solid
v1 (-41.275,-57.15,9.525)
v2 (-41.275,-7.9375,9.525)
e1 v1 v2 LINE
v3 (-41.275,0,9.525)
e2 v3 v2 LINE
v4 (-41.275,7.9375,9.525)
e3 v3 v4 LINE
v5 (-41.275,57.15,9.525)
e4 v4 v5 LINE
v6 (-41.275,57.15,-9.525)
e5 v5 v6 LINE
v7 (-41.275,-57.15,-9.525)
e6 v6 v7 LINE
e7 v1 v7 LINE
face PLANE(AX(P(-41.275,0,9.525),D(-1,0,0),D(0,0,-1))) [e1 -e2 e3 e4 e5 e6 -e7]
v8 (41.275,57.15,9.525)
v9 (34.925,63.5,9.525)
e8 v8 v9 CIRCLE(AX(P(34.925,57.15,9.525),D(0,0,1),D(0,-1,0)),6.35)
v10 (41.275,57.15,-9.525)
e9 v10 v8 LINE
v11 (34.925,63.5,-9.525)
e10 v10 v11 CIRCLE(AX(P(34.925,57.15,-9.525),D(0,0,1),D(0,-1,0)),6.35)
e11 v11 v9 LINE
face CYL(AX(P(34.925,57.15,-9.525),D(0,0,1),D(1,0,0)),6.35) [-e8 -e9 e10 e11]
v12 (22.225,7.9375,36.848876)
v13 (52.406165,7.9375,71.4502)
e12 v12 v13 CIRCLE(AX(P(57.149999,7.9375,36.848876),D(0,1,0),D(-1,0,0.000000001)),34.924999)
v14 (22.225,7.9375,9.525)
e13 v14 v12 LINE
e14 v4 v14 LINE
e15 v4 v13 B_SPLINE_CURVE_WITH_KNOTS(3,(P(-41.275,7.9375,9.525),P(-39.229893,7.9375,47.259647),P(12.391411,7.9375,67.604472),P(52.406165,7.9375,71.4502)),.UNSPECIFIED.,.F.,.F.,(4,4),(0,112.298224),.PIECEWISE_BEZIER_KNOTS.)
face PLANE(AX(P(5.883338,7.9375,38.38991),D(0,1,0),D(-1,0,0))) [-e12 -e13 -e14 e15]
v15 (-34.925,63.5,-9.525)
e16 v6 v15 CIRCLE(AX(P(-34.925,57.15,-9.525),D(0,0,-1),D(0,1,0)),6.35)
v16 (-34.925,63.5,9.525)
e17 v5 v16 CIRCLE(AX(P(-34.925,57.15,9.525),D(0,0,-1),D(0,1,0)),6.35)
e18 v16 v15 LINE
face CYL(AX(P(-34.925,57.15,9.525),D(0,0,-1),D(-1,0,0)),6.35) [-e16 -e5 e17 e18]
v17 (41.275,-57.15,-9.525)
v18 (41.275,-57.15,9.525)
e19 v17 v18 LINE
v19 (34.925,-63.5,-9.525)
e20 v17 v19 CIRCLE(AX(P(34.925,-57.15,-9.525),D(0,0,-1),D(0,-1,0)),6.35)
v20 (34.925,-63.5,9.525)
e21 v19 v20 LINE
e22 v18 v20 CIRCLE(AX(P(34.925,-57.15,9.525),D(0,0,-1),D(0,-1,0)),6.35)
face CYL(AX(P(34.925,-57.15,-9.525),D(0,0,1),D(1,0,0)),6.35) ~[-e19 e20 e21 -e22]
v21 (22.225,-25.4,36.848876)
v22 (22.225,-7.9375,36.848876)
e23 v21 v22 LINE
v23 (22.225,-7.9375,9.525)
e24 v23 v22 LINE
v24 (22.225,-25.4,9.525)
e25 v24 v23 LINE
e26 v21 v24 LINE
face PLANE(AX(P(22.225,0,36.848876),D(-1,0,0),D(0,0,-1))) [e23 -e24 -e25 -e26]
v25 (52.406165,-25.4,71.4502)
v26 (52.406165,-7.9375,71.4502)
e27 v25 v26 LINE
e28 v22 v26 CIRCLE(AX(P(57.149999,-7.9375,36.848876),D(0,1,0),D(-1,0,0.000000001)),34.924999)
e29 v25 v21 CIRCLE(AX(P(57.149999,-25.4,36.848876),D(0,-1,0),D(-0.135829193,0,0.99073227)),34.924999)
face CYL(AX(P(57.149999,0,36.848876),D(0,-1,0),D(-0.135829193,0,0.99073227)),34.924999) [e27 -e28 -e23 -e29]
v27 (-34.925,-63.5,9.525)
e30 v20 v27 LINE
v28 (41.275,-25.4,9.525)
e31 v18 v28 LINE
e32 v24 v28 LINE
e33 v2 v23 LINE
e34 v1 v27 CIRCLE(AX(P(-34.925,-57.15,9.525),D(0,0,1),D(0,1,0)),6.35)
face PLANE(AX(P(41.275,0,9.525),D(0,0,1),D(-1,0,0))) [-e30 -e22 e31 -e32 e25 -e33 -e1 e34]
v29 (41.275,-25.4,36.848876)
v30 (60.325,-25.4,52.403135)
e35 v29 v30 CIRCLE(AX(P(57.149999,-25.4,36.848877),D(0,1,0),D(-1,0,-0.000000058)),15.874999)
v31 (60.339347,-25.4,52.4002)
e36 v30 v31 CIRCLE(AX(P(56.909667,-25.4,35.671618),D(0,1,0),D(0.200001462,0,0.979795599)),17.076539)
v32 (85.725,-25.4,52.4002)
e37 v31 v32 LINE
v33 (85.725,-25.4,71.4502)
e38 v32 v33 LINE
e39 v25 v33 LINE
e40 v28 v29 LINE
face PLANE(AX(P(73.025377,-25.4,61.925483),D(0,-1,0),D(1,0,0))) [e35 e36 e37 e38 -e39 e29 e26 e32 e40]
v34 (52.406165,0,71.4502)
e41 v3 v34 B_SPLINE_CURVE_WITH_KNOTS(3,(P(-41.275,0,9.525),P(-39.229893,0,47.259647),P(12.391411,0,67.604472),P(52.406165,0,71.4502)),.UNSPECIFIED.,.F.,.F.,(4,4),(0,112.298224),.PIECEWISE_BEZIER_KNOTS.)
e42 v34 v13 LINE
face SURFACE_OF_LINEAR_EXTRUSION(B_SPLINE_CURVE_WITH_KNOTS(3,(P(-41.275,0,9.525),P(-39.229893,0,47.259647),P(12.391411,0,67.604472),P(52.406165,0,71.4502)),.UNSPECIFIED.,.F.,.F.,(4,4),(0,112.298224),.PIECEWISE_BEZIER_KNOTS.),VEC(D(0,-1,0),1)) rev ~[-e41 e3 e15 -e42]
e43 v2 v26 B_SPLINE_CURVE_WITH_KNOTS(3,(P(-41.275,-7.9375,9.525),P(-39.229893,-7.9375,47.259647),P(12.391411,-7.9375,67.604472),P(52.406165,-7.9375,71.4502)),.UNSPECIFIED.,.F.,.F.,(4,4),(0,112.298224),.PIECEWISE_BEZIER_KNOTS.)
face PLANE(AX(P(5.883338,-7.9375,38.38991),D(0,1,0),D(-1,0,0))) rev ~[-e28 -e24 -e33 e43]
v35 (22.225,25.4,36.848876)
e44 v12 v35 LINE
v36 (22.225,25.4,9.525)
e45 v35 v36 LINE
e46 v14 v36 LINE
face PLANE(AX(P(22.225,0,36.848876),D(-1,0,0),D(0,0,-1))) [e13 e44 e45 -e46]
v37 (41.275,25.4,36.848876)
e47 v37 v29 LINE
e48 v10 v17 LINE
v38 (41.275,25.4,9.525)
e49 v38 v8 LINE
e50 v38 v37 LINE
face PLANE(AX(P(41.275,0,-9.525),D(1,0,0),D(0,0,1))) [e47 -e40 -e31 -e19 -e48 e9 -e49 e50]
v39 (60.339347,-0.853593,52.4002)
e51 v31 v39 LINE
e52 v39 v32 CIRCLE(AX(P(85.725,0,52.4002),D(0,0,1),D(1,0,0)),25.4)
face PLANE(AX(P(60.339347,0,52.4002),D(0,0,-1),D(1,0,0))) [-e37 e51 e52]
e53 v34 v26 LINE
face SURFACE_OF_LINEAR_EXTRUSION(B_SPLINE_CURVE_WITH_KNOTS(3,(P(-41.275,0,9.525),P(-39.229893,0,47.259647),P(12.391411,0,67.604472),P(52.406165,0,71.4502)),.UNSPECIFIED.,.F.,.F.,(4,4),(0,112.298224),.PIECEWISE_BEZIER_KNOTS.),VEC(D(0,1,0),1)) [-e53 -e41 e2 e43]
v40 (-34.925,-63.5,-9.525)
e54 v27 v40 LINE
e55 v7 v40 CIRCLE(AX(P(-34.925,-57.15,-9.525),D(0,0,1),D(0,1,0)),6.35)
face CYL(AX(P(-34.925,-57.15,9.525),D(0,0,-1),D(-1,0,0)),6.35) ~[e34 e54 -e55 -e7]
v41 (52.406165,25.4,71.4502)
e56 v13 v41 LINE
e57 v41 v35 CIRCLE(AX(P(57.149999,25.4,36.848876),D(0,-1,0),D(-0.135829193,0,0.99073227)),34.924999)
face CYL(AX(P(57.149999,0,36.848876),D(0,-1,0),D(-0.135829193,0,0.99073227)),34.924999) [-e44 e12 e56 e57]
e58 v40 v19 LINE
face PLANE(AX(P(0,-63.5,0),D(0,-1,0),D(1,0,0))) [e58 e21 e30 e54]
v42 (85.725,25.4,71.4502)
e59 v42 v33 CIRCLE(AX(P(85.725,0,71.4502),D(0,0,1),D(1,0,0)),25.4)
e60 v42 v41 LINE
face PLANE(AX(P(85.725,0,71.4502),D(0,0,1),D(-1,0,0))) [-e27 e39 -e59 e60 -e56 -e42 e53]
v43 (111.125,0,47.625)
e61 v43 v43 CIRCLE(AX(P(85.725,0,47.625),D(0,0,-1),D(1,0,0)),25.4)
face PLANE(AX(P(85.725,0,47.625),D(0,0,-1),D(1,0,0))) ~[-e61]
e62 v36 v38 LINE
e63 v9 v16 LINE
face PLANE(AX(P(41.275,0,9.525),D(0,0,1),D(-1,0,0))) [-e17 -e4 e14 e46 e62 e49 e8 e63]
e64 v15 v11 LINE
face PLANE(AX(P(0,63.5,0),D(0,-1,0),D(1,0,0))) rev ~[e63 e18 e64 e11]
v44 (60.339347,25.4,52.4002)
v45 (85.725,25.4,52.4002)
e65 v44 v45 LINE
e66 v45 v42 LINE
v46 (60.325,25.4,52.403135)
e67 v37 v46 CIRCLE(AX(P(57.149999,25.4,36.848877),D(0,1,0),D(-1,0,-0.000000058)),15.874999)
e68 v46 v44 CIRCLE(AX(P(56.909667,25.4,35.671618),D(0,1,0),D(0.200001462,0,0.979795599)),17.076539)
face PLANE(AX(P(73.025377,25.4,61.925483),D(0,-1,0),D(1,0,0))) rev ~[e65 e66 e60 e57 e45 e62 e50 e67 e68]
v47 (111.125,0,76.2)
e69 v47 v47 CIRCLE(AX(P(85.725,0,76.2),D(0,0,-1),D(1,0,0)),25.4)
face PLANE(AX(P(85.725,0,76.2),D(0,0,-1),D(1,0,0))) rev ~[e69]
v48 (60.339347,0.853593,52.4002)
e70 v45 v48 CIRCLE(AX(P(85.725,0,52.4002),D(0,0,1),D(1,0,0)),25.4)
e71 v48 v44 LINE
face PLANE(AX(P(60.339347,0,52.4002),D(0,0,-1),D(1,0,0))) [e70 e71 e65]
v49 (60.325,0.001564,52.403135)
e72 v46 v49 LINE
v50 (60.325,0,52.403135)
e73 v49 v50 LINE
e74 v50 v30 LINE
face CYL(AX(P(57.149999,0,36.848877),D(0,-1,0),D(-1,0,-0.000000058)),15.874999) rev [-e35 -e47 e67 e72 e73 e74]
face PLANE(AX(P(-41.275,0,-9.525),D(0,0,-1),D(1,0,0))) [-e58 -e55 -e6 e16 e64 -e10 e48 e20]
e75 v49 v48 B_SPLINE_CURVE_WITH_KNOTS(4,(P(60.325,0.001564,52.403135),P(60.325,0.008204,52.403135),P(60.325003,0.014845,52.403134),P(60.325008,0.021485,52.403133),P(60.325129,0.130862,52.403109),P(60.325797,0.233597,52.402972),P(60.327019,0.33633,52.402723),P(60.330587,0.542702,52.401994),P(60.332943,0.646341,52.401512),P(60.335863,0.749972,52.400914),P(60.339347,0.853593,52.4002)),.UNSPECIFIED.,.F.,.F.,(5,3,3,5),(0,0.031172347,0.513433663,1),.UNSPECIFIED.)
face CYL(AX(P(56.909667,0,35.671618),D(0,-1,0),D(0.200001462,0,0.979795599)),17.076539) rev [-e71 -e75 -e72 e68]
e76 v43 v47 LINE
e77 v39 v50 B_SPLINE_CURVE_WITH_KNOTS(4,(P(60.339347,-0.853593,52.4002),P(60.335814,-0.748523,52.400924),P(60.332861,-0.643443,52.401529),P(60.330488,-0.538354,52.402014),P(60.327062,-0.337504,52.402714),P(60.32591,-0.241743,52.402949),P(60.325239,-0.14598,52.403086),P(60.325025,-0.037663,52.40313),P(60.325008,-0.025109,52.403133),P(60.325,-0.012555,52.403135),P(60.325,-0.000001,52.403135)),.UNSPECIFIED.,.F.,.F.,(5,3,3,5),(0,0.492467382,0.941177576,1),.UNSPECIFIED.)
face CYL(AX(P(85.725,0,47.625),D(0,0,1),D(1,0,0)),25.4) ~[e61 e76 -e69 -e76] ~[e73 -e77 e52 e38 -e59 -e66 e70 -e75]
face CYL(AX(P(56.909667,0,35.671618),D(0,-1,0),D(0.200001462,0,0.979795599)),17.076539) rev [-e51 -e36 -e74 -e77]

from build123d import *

# Parameters (mm, degrees)
F1_DEPTH = 63.5
F2_DEPTH = 25.4
F3_DEPTH = 7.9375
F4_DEPTH = 25.4
F6_R     = 6.35


with BuildPart() as f1:
    # F0 (on Front) → F1 (new body, symmetric)
    with BuildSketch(Plane.XZ):
        Polygon((-41.275, 9.525), (-41.275, -9.525), (41.275, -9.525), (41.275, 9.525), (22.225, 9.525), align=None)
    extrude(amount=F1_DEPTH, both=True)

    # F0 (on Front) → F2 (join, symmetric)
    with BuildSketch(Plane.XZ):
        with BuildLine():
            Line((22.225, 9.525), (41.275, 9.525))
            Line((41.275, 9.525), (41.275, 36.848876))
            ThreePointArc((41.275, 36.848876), (47.109768, 49.145598), (60.325, 52.403135))
            Line((60.325, 52.403135), (60.325, 71.4502))
            Line((60.325, 71.4502), (52.406165, 71.4502))
            ThreePointArc((52.406165, 71.4502), (30.830482, 59.806197), (22.225, 36.848876))
            Line((22.225, 36.848876), (22.225, 9.525))
        make_face()
    extrude(amount=F2_DEPTH, both=True)

    # F0 (on Front) → F3 (join, symmetric)
    with BuildSketch(Plane.XZ):
        with BuildLine():
            add(Edge.make_bspline(
                [(-41.275, 9.525), (-39.229893, 47.259647), (12.391411, 67.604472), (52.406165, 71.4502)],
                knots=[0, 0, 0, 0, 112.298224, 112.298224, 112.298224, 112.298224], degree=3))
            Line((-41.275, 9.525), (22.225, 9.525))
            Line((22.225, 9.525), (22.225, 36.848876))
            ThreePointArc((22.225, 36.848876), (30.830482, 59.806197), (52.406165, 71.4502))
        make_face()
    extrude(amount=F3_DEPTH, both=True)

    # F0 (on Front) → F4 (join, symmetric)
    with BuildSketch(Plane.XZ):
        with BuildLine():
            Line((85.725, 71.4502), (60.325, 71.4502))
            Line((60.325, 71.4502), (60.325, 52.403135))
            ThreePointArc((60.325, 52.403135), (60.332174, 52.401669), (60.339347, 52.4002))
            Line((60.339347, 52.4002), (85.725, 52.4002))
            Line((85.725, 52.4002), (85.725, 71.4502))
        make_face()
    extrude(amount=F4_DEPTH, both=True)

    # F0 (on Front) → F5 (revolve)
    with BuildSketch(Plane.XZ):
        Polygon((85.725, 76.2), (85.725, 71.4502), (85.725, 52.4002), (85.725, 47.625), (111.125, 47.625), (111.125, 76.2), align=None)
    revolve(axis=Axis((85.725, 0, 59.5376), (0, 0, -1)))

    # F6
    f6_edges = [f1.edges().sort_by_distance(p)[0] for p in [
        (41.275, -63.5, 0),
        (41.275, 63.5, 0),
        (-41.275, -63.5, 0),
        (-41.275, 63.5, 0),
    ]]
    fillet(f6_edges, radius=F6_R)


solid = f1.part
